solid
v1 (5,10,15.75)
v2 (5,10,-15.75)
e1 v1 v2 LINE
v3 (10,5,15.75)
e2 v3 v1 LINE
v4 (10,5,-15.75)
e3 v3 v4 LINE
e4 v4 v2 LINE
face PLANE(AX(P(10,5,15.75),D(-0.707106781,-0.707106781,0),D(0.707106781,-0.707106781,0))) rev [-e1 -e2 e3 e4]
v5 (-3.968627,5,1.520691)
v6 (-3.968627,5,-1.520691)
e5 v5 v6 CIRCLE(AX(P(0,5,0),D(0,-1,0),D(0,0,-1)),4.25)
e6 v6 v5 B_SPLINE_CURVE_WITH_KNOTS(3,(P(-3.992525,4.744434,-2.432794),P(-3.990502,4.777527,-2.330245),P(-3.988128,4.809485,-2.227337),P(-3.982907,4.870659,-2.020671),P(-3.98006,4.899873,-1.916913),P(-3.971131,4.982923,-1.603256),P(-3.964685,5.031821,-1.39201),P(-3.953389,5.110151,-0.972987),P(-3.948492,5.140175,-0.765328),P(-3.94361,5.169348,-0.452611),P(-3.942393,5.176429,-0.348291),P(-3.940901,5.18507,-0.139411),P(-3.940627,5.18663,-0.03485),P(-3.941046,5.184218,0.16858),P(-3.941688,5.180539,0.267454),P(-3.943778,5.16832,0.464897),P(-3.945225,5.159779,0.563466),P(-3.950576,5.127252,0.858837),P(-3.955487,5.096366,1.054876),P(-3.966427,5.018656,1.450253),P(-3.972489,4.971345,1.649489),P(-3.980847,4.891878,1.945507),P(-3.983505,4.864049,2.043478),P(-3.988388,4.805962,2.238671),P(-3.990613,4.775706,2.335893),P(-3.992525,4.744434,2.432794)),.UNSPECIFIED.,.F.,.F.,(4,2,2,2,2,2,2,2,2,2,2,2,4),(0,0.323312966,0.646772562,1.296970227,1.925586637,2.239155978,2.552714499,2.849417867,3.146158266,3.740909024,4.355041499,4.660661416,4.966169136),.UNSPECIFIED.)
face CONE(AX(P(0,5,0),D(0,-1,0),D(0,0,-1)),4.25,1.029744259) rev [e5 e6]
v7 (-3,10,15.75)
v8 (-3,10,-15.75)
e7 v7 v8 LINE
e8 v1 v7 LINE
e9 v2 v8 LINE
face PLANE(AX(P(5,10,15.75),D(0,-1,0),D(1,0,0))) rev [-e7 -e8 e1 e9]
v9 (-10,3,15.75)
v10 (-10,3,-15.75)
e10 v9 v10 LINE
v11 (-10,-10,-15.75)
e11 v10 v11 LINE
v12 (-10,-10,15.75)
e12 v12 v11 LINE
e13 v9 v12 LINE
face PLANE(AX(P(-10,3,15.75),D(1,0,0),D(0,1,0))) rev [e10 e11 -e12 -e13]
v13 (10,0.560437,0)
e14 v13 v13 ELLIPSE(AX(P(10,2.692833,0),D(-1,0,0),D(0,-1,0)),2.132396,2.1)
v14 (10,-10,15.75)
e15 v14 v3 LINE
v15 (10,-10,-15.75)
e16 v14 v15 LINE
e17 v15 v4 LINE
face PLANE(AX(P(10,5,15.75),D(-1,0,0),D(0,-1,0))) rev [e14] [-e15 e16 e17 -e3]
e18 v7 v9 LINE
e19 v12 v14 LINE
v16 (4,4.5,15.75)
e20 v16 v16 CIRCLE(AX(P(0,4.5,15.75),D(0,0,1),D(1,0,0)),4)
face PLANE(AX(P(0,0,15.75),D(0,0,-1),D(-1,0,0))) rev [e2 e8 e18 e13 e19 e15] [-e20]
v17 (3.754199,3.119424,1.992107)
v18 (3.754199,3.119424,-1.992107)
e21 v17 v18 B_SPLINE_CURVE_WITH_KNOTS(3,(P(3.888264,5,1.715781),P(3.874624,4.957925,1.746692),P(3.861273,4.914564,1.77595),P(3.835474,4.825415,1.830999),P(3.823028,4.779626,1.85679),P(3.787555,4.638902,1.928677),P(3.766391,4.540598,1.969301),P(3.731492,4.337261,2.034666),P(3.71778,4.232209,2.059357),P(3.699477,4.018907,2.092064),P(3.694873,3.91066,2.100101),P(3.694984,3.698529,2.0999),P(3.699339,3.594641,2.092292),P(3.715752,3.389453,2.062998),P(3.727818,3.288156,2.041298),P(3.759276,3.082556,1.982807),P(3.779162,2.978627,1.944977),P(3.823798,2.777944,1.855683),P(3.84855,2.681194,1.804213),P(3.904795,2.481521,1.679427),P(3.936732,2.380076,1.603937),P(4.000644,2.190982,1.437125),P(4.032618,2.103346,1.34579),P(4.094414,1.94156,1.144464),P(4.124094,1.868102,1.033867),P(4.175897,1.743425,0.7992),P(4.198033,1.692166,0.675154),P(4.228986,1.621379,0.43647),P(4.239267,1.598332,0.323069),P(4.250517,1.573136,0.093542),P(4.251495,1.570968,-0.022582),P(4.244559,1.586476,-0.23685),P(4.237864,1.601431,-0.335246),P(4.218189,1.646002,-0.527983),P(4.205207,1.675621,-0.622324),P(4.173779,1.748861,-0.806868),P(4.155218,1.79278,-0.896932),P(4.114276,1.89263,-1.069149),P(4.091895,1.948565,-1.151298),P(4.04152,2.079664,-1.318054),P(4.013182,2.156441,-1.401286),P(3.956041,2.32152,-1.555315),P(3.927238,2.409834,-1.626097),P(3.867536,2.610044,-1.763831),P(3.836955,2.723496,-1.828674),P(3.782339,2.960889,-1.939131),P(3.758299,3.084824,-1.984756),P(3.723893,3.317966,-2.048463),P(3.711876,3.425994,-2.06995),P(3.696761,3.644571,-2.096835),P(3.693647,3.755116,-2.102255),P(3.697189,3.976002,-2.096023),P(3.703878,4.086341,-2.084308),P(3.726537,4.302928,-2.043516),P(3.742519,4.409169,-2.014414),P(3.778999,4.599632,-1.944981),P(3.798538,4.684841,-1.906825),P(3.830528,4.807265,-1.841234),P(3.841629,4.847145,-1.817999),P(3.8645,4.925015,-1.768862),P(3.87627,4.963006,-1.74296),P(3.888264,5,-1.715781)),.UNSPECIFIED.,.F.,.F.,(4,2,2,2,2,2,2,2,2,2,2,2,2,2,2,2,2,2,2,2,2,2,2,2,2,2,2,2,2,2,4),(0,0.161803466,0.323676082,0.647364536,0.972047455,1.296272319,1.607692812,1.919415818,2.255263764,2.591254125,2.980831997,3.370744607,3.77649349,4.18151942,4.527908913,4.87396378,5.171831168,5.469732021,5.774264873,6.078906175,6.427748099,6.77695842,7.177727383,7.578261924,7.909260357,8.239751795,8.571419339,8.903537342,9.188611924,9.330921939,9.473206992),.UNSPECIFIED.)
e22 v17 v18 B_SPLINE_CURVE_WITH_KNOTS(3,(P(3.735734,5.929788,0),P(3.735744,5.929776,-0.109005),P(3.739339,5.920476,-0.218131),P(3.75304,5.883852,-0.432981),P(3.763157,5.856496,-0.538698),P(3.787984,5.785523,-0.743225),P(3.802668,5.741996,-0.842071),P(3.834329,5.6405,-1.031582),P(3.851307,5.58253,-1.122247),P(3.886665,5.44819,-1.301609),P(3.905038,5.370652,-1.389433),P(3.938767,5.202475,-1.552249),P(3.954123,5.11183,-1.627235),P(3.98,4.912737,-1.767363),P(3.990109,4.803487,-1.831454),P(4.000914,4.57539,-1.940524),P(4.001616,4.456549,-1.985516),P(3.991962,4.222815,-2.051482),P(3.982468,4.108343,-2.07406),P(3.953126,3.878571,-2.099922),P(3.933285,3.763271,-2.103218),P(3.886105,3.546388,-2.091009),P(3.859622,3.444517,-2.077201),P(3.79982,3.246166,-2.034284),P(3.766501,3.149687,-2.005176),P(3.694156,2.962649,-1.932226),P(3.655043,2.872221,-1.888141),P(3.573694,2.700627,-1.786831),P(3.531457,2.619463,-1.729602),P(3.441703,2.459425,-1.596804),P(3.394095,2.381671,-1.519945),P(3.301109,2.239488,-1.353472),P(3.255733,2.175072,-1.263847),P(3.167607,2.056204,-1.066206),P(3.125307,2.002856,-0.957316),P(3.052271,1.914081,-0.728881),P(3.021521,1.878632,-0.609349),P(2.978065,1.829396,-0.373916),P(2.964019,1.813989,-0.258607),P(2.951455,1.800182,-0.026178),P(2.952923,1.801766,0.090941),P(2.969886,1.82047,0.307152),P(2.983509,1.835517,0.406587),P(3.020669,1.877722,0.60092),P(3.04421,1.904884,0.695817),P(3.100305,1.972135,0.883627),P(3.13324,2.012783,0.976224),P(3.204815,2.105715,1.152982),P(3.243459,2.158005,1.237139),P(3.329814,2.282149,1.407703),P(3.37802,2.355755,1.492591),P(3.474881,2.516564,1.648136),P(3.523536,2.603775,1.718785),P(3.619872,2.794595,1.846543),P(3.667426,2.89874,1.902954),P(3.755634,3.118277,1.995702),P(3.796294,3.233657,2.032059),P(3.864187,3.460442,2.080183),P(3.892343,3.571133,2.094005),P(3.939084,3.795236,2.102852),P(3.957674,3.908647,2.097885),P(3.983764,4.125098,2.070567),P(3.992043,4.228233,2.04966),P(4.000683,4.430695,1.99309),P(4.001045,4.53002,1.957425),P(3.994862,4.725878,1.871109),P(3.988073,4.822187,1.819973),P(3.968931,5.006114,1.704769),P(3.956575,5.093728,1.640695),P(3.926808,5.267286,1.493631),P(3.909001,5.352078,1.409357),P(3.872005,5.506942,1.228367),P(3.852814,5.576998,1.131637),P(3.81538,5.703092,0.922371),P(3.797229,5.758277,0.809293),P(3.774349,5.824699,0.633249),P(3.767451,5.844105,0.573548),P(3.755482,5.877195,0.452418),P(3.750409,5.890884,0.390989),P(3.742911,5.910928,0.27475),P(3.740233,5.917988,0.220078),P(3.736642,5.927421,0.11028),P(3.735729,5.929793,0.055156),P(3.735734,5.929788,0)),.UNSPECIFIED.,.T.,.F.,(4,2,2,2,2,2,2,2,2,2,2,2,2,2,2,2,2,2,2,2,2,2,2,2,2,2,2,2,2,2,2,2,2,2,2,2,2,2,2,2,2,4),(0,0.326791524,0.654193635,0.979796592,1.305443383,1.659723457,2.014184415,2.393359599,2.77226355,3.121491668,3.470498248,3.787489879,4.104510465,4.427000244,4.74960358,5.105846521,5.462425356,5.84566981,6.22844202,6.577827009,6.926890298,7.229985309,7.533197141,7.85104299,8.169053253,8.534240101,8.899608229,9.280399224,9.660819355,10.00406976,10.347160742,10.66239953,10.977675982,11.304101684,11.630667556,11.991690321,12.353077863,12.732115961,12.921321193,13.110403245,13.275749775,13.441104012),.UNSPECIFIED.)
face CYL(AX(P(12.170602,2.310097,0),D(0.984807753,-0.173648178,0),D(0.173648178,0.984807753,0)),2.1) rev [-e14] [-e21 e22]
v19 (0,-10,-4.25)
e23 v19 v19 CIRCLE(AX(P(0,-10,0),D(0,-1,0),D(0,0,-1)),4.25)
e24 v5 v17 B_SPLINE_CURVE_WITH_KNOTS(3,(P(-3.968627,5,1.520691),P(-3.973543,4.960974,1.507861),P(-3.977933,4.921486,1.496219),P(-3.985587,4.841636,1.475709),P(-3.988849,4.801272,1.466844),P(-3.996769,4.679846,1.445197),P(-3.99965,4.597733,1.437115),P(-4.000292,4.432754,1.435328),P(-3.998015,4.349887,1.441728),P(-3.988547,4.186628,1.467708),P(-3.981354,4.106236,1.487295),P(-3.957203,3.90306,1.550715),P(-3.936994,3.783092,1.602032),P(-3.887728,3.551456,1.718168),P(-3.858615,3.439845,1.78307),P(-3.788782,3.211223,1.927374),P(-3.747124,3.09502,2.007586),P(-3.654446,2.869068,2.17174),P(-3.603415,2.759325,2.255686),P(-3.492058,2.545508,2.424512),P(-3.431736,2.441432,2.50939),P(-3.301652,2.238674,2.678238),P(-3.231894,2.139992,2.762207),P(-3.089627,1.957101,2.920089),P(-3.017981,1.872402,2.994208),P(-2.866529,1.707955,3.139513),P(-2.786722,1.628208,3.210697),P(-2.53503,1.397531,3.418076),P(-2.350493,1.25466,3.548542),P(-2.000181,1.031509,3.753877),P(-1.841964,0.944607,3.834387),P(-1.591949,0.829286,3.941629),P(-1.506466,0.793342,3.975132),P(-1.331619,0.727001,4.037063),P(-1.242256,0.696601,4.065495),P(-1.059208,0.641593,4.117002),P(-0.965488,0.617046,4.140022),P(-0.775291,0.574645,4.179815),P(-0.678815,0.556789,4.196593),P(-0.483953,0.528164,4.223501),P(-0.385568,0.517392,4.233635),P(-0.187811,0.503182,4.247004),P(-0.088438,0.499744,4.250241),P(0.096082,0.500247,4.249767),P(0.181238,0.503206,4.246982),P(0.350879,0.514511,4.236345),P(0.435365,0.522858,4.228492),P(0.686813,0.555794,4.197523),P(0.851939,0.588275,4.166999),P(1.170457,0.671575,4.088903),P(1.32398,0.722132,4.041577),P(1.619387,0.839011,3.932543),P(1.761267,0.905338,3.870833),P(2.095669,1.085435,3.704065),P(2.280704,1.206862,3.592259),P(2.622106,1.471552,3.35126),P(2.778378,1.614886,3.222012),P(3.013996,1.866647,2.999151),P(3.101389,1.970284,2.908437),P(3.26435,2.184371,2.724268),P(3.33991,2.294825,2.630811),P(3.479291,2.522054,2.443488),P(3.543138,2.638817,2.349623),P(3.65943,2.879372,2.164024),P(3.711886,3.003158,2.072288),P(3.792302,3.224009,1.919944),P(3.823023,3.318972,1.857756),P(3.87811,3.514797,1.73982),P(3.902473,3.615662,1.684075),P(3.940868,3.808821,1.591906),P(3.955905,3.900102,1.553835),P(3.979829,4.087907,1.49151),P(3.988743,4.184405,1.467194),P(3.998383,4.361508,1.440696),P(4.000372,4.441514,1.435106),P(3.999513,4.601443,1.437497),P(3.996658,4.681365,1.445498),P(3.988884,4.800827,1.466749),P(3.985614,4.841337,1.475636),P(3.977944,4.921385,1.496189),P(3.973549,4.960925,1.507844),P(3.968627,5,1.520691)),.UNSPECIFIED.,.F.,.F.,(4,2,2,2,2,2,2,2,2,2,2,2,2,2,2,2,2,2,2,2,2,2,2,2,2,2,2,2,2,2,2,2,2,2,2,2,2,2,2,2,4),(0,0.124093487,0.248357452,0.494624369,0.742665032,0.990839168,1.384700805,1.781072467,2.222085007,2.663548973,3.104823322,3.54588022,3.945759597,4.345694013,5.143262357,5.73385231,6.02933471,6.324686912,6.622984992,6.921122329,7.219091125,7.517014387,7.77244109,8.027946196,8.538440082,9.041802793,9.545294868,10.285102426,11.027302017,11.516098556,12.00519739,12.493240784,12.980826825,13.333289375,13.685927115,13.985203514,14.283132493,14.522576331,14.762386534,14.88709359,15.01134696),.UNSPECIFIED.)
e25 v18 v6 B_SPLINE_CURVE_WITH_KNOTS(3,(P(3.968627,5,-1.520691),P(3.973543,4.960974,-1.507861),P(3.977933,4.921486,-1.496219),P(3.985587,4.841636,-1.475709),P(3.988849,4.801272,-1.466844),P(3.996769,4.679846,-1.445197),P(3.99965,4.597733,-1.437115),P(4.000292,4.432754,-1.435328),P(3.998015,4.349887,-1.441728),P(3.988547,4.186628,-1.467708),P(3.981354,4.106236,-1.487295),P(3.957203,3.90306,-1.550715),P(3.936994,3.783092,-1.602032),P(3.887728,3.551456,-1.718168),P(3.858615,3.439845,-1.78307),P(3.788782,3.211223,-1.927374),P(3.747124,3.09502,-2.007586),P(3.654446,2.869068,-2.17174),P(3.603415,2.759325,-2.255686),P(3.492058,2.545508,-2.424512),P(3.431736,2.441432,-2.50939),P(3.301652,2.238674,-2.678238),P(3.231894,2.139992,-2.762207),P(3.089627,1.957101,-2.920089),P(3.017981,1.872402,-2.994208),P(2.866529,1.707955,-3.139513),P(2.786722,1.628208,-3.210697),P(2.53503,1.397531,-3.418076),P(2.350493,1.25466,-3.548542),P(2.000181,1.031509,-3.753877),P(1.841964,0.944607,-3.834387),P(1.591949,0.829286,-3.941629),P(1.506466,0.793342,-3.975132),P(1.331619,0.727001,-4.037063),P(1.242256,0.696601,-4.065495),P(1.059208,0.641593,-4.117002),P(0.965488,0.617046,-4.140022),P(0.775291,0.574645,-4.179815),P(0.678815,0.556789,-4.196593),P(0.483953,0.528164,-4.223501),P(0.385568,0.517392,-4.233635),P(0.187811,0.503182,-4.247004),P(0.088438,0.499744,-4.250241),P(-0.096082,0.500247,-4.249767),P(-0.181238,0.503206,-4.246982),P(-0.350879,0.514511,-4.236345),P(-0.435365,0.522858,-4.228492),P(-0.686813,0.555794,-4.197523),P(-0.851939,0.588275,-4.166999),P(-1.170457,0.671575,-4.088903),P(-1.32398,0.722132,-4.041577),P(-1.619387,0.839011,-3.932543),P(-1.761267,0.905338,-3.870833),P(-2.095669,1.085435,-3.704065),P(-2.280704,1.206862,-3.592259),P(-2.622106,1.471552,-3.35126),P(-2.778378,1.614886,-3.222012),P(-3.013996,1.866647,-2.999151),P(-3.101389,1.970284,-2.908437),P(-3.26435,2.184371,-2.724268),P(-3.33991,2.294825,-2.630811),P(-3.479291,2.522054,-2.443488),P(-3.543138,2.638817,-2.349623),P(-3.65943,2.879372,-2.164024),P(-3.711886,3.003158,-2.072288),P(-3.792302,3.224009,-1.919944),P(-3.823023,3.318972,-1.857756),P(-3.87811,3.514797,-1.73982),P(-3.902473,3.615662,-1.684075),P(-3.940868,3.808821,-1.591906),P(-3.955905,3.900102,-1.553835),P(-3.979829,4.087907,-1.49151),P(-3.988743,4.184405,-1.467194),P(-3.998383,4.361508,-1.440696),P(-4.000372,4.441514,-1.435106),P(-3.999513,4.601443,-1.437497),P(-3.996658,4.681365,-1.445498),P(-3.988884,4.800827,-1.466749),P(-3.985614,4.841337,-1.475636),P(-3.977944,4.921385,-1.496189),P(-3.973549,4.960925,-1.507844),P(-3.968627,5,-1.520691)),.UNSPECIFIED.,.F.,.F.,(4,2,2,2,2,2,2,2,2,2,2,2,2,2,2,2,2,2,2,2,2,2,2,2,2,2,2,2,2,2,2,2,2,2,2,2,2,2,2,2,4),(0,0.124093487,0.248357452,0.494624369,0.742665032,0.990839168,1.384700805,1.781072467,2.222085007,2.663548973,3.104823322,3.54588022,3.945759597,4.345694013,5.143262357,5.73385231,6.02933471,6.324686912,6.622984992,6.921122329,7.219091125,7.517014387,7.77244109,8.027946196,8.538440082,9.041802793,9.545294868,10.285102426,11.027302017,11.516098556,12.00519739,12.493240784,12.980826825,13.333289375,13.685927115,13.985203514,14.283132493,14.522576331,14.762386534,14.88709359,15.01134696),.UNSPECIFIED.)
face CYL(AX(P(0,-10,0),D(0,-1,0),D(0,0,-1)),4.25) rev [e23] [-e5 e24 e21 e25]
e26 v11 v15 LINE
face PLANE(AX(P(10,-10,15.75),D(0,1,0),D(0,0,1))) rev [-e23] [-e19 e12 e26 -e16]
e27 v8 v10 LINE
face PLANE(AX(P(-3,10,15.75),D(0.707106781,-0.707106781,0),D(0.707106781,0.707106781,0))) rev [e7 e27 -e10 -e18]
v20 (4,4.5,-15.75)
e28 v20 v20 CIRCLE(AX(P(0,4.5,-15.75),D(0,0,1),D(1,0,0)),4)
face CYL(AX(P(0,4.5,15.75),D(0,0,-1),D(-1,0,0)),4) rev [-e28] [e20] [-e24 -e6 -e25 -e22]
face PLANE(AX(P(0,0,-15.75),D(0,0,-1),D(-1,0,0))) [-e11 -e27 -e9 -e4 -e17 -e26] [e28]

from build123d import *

# Parameters (mm, degrees)
ESQUISSE1_R            = 4
BOSS_EXTRU_1_DEPTH     = 15.75
TROU_TARAUD_M101_D     = 8.5
TROU_TARAUD_M101_DEPTH = 15
TROU_TARAUD_M101_TIP   = 2.553657631
TROU_TARAUD_M51_D      = 4.2
TROU_TARAUD_M51_DEPTH  = 10
TROU_TARAUD_M51_TIP    = 1.2618073


with BuildPart() as part:
    # Esquisse1 → Boss.-Extru.1 (new body, symmetric)
    with BuildSketch(Plane.XY):
        Polygon((-10, 3), (-10, -10), (10, -10), (10, 5), (5, 10), (-3, 10), align=None)
        with Locations((0, 4.5)):
            Circle(ESQUISSE1_R, mode=Mode.SUBTRACT)
    extrude(amount=BOSS_EXTRU_1_DEPTH, both=True)

    # Trou taraudé M101
    with Locations(Plane(origin=(0, -10, 0), x_dir=(-1, 0, 0), z_dir=(0, -1, 0))):
        with Locations((0, 0)):
            Hole(TROU_TARAUD_M101_D / 2, depth=TROU_TARAUD_M101_DEPTH)
            with Locations((0, 0, -(TROU_TARAUD_M101_DEPTH + TROU_TARAUD_M101_TIP / 2))):  # 118° drill point
                Cone(0, TROU_TARAUD_M101_D / 2, TROU_TARAUD_M101_TIP, mode=Mode.SUBTRACT)

    # Trou taraudé M51
    with Locations(Plane(origin=(11.408563821, -2.011637613, 0), x_dir=(0, 0, -1), z_dir=(0.984807753, -0.173648178, 0))):
        with Locations((0, 4.388404247)):
            Hole(TROU_TARAUD_M51_D / 2, depth=TROU_TARAUD_M51_DEPTH)
            with Locations((0, 0, -(TROU_TARAUD_M51_DEPTH + TROU_TARAUD_M51_TIP / 2))):  # 118° drill point
                Cone(0, TROU_TARAUD_M51_D / 2, TROU_TARAUD_M51_TIP, mode=Mode.SUBTRACT)


solid = part.part
